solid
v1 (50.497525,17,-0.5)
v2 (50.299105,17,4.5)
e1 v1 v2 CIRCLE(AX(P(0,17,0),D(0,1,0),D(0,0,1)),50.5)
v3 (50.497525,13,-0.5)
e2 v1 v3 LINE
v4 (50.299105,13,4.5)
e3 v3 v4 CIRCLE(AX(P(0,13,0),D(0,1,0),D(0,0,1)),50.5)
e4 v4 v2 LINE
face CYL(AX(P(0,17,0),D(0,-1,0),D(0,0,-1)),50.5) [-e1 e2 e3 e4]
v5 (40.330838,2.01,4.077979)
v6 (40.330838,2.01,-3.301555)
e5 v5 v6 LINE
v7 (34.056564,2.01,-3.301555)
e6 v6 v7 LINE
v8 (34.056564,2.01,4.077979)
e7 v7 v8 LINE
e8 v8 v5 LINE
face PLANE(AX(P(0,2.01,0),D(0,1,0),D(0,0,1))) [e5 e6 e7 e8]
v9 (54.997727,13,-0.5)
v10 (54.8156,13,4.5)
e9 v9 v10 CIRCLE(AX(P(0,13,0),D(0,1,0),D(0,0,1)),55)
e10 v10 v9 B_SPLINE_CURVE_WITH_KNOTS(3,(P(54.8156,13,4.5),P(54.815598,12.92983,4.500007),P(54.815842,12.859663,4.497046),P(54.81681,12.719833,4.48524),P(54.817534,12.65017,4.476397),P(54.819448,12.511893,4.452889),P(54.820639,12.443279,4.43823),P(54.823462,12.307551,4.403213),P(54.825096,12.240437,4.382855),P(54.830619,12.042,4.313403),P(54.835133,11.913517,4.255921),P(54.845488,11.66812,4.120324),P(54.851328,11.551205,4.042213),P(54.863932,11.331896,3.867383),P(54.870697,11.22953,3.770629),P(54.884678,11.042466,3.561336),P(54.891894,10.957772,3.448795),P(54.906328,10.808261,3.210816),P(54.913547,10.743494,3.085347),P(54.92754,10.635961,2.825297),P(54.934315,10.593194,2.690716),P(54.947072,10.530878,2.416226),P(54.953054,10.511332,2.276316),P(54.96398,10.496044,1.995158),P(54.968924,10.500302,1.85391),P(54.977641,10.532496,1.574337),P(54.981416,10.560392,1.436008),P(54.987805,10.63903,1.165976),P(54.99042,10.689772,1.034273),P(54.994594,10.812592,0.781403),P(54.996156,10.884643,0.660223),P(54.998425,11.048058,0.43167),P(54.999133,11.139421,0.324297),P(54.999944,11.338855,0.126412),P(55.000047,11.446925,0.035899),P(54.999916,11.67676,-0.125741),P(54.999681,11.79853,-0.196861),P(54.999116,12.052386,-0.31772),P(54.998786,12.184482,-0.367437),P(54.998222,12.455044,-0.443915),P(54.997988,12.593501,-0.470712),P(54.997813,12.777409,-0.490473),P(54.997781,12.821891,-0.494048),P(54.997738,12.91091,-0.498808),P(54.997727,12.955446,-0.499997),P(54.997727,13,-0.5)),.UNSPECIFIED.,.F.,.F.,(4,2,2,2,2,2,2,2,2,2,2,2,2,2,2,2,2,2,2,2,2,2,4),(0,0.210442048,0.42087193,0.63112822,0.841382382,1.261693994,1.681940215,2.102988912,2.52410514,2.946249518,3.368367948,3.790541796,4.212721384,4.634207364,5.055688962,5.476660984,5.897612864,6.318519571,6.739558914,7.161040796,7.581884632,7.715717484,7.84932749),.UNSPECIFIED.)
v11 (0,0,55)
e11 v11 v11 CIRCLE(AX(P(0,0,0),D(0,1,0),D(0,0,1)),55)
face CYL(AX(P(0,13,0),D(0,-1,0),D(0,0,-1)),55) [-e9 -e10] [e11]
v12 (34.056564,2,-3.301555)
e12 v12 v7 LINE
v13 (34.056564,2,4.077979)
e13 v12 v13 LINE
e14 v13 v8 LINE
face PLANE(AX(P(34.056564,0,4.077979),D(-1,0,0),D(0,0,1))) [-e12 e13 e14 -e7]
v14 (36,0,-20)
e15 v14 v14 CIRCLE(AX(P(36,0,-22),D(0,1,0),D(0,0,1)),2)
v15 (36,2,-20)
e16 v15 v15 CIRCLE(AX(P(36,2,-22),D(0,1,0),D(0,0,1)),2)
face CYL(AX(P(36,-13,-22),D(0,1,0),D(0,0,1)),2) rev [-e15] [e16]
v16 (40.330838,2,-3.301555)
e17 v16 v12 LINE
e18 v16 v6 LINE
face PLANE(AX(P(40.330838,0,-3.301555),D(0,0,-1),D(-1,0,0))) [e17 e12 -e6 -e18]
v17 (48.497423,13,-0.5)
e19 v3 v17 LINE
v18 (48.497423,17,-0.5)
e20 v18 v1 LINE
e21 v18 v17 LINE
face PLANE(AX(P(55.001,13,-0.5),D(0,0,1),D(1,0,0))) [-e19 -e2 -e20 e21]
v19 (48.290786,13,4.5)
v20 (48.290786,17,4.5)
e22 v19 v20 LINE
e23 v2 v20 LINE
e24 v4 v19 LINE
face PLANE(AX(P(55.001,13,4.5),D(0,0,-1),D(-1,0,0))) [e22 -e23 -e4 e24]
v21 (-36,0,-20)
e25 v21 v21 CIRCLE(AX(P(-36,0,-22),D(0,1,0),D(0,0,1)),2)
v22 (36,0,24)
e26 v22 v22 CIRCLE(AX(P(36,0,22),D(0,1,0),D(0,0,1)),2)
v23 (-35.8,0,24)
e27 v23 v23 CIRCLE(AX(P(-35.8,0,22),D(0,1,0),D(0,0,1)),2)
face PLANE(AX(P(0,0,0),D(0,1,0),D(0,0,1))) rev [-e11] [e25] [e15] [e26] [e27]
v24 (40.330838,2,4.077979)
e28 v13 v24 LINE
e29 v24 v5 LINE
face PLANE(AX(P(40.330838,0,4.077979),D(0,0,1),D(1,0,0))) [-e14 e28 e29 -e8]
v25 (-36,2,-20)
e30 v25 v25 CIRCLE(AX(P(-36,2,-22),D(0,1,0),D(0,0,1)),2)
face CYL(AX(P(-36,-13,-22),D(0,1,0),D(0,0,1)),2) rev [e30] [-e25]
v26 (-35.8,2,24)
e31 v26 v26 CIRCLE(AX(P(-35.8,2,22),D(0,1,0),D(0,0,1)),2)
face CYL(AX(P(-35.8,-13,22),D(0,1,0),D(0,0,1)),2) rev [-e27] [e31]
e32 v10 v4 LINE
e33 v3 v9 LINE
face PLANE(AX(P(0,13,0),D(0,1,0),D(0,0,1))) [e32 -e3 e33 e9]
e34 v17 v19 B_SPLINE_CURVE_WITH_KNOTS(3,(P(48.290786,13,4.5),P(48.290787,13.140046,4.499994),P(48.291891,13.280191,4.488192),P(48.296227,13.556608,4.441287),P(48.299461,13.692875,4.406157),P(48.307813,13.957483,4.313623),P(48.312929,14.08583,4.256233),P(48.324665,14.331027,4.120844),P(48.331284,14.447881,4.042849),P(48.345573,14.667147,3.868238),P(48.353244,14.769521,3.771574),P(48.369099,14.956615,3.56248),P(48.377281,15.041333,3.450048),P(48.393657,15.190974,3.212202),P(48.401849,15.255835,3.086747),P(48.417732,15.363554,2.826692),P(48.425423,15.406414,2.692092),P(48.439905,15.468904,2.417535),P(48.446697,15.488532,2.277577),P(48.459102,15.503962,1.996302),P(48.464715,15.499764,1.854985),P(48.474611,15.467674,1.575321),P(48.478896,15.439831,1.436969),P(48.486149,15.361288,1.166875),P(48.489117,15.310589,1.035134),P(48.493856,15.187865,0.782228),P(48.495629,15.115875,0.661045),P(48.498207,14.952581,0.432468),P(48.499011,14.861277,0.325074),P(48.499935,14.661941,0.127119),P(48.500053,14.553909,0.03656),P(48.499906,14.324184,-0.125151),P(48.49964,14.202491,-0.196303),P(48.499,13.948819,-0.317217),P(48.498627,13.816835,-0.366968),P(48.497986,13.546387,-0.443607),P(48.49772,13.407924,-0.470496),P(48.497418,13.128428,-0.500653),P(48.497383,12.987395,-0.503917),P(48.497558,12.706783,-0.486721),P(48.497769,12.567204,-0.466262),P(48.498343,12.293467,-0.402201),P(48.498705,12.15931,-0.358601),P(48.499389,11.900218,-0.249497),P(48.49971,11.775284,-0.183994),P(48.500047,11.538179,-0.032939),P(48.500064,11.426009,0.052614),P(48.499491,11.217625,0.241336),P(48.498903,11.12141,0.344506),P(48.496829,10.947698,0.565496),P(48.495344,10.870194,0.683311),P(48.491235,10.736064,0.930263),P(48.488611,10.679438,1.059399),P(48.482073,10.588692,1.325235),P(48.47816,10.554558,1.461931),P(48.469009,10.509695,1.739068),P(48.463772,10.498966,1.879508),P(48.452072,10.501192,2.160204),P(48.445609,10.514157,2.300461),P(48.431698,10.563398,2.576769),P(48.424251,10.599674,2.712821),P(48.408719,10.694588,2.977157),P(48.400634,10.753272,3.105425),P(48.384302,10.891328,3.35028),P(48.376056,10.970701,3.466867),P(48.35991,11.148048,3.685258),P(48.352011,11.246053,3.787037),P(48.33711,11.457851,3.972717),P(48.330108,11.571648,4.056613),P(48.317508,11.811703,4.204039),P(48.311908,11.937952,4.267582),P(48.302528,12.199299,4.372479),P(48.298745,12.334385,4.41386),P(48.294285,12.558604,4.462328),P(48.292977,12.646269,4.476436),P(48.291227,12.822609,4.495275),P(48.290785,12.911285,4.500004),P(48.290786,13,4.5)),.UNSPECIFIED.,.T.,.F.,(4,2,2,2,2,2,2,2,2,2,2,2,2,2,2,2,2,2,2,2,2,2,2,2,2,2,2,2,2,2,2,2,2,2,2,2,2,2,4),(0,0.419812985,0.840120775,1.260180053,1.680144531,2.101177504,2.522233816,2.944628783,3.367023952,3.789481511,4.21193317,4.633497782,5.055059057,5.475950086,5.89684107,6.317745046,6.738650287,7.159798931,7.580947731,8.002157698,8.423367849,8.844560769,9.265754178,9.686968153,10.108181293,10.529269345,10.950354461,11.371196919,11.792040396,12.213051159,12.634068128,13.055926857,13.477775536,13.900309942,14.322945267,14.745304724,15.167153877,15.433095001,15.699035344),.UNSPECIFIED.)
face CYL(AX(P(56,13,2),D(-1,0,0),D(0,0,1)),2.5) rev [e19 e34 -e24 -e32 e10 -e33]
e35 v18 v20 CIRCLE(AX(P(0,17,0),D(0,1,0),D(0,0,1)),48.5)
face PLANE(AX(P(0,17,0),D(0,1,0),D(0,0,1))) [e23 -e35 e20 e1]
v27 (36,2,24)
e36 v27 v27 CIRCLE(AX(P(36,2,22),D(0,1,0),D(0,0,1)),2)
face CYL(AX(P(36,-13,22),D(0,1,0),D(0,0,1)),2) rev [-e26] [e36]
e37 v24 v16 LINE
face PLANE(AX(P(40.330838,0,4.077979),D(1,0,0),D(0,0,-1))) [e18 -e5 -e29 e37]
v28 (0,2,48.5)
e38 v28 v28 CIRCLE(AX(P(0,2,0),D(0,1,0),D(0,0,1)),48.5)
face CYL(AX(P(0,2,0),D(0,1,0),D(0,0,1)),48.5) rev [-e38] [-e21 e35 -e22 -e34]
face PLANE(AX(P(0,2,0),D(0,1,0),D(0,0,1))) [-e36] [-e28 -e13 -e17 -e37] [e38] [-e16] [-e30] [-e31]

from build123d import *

# Parameters (mm, degrees)
SKETCH2_R                = 55
BOSS_EXTRUDE2_DEPTH      = 13
SKETCH7_R                = 50.5
BOSS_EXTRUDE3_DEPTH      = 4
SKETCH8_R                = 48.5
CUT_EXTRUDE3_DEPTH       = 15
SKETCH9_R                = 2
SKETCH9_W                = 3.162660916
SKETCH9_H                = 2.60493009
CUT_EXTRUDE4_DEPTH       = 15
CUT_EXTRUDE5_DEPTH       = 20
CUT_EXTRUDE5_DEPTH_BACK  = 1
SKETCH10_R               = 2.5
BOSS_EXTRUDE5_DEPTH      = 0.01
BOSS_EXTRUDE5_DEPTH_BACK = 2
SKETCH11_W               = 6.274273212
SKETCH11_H               = 7.379534018
CUT_EXTRUDE6_REACH       = 81.618
CUT_EXTRUDE6_END_RADIUS  = 50.5
SKETCH13_W               = 5
SKETCH13_H               = 6.11505402


with BuildPart() as part:
    # Sketch2 → Boss-Extrude2 (new body)
    with BuildSketch(Plane(origin=(0, 0, 0), x_dir=(1, 0, 0), z_dir=(0, 1, 0))):
        with Locations(Location((0, 0, 0), (0, 0, 90))):
            Circle(SKETCH2_R)
    extrude(amount=BOSS_EXTRUDE2_DEPTH)

    # Sketch7 → Boss-Extrude3 (add)
    with BuildSketch(Plane(origin=(0, 13, 0), x_dir=(1, 0, 0), z_dir=(0, 1, 0))):
        with Locations(Location((0, 0, 0), (0, 0, 270))):
            Circle(SKETCH7_R)
    extrude(amount=BOSS_EXTRUDE3_DEPTH)

    # Sketch8 → Cut-Extrude3 (cut)
    with BuildSketch(Plane(origin=(0, 17, 0), x_dir=(1, 0, 0), z_dir=(0, 1, 0))):
        with Locations(Location((0, 0, 0), (0, 0, 270))):
            Circle(SKETCH8_R)
    extrude(amount=-CUT_EXTRUDE3_DEPTH, mode=Mode.SUBTRACT)

    # Sketch9 → Cut-Extrude4 (cut)
    with BuildSketch(Plane(origin=(0, 2, 0), x_dir=(1, 0, 0), z_dir=(0, 1, 0))):
        with Locations(Location((36, -22, 0), (0, 0, 270))):
            Circle(SKETCH9_R)
        with Locations(Location((-36, 22, 0), (0, 0, 270))):
            Circle(SKETCH9_R)
        with Locations(Location((-35.8, -22, 0), (0, 0, 270))):
            Circle(SKETCH9_R)
        with Locations(Location((36, 22, 0), (0, 0, 270))):
            Circle(SKETCH9_R)
        with Locations((37.581330458, -0.802465045)):
            Rectangle(SKETCH9_W, SKETCH9_H)
    extrude(amount=-CUT_EXTRUDE4_DEPTH, mode=Mode.SUBTRACT)

    # Sketch10 → Cut-Extrude5 (cut, two sides: drawn at the far end of the back side and taken through both)
    with BuildSketch(Plane(origin=(36, 0, 0), x_dir=(0, 0, -1), z_dir=(1, 0, 0)).offset(-CUT_EXTRUDE5_DEPTH_BACK)):
        with Locations(Location((-2, 13, 0), (0, 0, 180))):
            Circle(SKETCH10_R)
    extrude(amount=CUT_EXTRUDE5_DEPTH + CUT_EXTRUDE5_DEPTH_BACK, mode=Mode.SUBTRACT)

    # Sketch11 → Boss-Extrude5 (add, two sides: drawn at the far end of the back side and taken through both)
    with BuildSketch(Plane(origin=(0, 2, 0), x_dir=(1, 0, 0), z_dir=(0, 1, 0)).offset(-BOSS_EXTRUDE5_DEPTH_BACK)):
        with Locations((37.193701051, -0.388212482)):
            Rectangle(SKETCH11_W, SKETCH11_H)
    extrude(amount=BOSS_EXTRUDE5_DEPTH + BOSS_EXTRUDE5_DEPTH_BACK)

    # Cut-Extrude6: up to this cylinder (the profile starts inside it)
    cut_extrude6_end = Plane(origin=(0, 16.057527, 0), z_dir=(0, -1, 0)) * Cylinder(CUT_EXTRUDE6_END_RADIUS, 265.236, mode=Mode.PRIVATE)
    # Sketch13 → Cut-Extrude6 (cut, up to the surface)
    with BuildSketch(Plane(origin=(0, 0, 0), x_dir=(0, 0, -1), z_dir=(1, 0, 0)), mode=Mode.PRIVATE) as cut_extrude6_sk1:
        with Locations((-2, 16.05752701)):
            Rectangle(SKETCH13_W, SKETCH13_H)
    cut_extrude6_tool1 = extrude(cut_extrude6_sk1.sketch, amount=CUT_EXTRUDE6_REACH, mode=Mode.PRIVATE) & cut_extrude6_end
    add(cut_extrude6_tool1.solids().sort_by_distance((0, 16.057527, 2))[0], mode=Mode.SUBTRACT)


solid = part.part
